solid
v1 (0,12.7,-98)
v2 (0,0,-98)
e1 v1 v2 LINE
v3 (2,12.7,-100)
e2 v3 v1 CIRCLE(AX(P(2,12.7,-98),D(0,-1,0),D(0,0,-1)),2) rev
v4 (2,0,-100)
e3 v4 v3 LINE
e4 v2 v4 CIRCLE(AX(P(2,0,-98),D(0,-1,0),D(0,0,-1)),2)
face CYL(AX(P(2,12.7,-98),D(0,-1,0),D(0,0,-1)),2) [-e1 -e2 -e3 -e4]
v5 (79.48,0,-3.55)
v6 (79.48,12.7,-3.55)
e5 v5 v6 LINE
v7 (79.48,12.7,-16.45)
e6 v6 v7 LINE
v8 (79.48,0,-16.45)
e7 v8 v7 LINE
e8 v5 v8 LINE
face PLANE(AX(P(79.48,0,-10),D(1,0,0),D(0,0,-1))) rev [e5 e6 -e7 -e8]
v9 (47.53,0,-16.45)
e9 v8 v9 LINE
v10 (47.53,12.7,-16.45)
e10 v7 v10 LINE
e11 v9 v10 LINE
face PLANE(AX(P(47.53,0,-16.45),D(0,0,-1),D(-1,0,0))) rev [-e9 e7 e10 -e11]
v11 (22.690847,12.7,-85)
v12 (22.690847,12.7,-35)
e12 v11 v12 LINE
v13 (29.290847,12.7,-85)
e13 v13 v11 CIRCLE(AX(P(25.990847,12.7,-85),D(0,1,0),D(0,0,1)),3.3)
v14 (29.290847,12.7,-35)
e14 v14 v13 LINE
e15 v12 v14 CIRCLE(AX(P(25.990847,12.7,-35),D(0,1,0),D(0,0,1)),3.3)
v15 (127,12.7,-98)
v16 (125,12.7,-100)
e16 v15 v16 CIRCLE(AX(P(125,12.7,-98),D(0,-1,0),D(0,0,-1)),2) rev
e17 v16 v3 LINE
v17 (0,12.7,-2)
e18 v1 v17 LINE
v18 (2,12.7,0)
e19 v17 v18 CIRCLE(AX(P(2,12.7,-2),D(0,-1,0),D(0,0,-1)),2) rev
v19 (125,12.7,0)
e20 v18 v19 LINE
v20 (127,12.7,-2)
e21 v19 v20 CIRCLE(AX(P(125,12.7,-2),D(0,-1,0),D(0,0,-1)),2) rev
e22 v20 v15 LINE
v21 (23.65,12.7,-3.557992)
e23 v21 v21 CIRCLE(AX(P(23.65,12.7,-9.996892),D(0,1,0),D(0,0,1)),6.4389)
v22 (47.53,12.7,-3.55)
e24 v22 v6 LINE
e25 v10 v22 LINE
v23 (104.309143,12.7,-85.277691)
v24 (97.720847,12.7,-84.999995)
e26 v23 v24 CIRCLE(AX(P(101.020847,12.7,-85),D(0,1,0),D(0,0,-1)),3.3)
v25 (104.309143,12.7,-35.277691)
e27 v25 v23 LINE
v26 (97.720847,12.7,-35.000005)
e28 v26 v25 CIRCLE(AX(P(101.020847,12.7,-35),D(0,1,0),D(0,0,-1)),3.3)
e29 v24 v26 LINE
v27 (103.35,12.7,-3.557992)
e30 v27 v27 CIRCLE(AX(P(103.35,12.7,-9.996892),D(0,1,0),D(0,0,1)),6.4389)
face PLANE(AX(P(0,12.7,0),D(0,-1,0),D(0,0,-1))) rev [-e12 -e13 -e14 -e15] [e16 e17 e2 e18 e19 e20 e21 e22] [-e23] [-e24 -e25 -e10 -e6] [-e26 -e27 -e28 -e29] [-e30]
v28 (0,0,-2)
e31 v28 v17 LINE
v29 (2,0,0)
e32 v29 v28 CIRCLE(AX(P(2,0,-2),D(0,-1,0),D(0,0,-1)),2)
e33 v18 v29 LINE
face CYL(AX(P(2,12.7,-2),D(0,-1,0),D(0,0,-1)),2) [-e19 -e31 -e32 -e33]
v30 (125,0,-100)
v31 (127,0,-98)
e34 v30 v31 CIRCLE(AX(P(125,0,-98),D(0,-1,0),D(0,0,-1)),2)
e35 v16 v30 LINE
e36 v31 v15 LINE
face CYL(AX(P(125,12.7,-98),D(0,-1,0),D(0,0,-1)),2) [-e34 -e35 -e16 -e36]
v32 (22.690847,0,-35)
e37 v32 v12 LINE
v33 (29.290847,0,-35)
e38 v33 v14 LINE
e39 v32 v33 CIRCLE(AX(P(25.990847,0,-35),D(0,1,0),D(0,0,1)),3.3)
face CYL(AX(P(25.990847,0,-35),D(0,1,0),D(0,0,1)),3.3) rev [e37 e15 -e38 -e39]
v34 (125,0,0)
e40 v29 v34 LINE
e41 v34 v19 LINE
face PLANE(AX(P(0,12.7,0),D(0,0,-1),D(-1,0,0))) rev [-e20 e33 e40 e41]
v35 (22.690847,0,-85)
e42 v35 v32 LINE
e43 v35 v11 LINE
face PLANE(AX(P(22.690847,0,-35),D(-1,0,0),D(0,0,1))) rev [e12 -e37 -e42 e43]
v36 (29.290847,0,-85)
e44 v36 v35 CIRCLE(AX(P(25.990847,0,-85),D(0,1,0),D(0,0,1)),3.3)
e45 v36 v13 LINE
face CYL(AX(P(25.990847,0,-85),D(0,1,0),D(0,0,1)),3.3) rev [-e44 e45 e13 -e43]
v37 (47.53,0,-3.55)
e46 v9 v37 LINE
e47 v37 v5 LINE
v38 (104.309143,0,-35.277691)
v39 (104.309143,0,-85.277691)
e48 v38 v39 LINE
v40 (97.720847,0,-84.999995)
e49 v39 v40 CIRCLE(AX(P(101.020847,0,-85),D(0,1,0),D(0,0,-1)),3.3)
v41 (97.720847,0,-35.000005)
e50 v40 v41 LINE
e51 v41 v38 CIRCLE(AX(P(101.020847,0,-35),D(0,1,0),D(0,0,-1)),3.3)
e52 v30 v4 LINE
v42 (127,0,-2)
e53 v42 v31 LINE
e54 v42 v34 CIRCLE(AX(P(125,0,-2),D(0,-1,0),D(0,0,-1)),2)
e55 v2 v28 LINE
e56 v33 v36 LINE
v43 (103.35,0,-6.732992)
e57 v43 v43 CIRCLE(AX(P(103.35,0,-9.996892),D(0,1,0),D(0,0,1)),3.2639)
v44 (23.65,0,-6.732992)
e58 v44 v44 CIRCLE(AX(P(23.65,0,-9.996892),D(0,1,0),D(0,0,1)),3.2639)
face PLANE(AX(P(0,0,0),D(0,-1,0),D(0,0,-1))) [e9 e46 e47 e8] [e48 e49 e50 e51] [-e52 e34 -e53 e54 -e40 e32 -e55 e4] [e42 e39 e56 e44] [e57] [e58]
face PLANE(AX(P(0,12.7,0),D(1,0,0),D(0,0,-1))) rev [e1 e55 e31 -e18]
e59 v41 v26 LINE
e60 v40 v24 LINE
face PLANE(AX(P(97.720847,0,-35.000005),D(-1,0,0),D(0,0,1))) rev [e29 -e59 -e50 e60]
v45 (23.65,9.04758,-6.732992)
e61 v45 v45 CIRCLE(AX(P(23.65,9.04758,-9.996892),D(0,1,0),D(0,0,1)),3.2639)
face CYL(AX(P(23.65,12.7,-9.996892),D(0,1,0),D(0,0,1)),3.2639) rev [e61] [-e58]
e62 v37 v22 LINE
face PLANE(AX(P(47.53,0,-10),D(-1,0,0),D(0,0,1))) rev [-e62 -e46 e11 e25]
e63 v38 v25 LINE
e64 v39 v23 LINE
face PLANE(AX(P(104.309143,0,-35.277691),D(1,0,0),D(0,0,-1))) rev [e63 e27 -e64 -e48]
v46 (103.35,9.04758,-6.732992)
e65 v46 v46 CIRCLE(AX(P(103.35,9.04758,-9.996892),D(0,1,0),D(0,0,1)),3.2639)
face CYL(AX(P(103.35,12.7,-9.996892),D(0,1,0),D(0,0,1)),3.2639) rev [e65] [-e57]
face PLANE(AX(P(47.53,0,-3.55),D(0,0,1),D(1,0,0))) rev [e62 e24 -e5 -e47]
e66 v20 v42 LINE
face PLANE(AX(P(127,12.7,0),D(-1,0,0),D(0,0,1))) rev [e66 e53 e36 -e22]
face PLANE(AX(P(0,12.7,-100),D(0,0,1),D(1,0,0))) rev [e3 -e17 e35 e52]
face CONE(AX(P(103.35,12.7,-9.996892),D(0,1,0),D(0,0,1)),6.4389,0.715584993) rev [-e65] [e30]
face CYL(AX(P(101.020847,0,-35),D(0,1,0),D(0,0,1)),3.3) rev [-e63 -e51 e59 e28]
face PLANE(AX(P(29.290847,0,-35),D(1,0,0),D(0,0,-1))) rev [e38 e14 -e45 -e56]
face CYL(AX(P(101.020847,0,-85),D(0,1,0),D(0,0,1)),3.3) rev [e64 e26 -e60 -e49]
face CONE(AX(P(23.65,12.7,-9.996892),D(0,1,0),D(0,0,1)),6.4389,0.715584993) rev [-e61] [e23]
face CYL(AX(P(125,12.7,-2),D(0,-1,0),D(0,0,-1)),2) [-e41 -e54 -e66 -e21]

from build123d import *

# Parameters (mm, degrees)
SKETCH1_W                                        = 127
SKETCH1_H                                        = 100
BOSS_EXTRUDE1_DEPTH                              = 12.7
CUT_EXTRUDE1_DEPTH                               = 12.7
CUT_EXTRUDE2_DEPTH                               = 163.142807426
FILLET1_R                                        = 2
CSK_FOR_1_4_FLAT_HEAD_MACHINE_SCREW1_D           = 6.5278
CSK_FOR_1_4_FLAT_HEAD_MACHINE_SCREW1_CSINK_D     = 12.8778
CSK_FOR_1_4_FLAT_HEAD_MACHINE_SCREW1_CSINK_ANGLE = 82


with BuildPart() as part:
    # Sketch1 → Boss-Extrude1 (new body)
    with BuildSketch(Plane(origin=(0, 0, 0), x_dir=(1, 0, 0), z_dir=(0, 1, 0))):
        with Locations((63.5, 50)):
            Rectangle(SKETCH1_W, SKETCH1_H)
    extrude(amount=BOSS_EXTRUDE1_DEPTH)

    # Sketch2 → Cut-Extrude1 (cut)
    with BuildSketch(Plane(origin=(0, 12.7, 0), x_dir=(1, 0, 0), z_dir=(0, 1, 0))):
        Polygon((47.53, 10), (47.53, 16.45), (79.48, 16.45), (79.48, 10), (79.48, 3.55), (47.53, 3.55), align=None)
    extrude(amount=-CUT_EXTRUDE1_DEPTH, mode=Mode.SUBTRACT)

    # Sketch6 → Cut-Extrude2 (cut, through all)
    with BuildSketch(Plane(origin=(0, 12.7, 0), x_dir=(1, 0, 0), z_dir=(0, 1, 0))):
        with BuildLine():
            Line((22.690847092, 35), (22.690847092, 85))
            ThreePointArc((22.690847092, 85), (25.990847092, 88.3), (29.290847092, 85))
            Line((29.290847092, 85), (29.290847092, 35))
            ThreePointArc((29.290847092, 35), (25.990847092, 31.7), (22.690847092, 35))
        make_face()
        with BuildLine():
            Line((97.720847092, 35.000004619), (97.720847092, 84.999995381))
            ThreePointArc((97.720847092, 84.999995381), (100.881876157, 88.297072501), (104.30914268, 85.2776907))
            Line((104.30914268, 85.2776907), (104.30914268, 35.2776907))
            ThreePointArc((104.30914268, 35.2776907), (101.159813412, 31.702927304), (97.720847092, 35.000004619))
        make_face()
    extrude(amount=-CUT_EXTRUDE2_DEPTH, mode=Mode.SUBTRACT)

    # Fillet1
    fillet1_edges = [part.edges().sort_by_distance(p)[0] for p in [
        (0, 6.35, -100),
        (127, 6.35, -100),
        (127, 6.35, 0),
        (0, 6.35, 0),
    ]]
    fillet(fillet1_edges, radius=FILLET1_R)

    # CSK for 1/4 Flat Head Machine Screw1 (through all)
    with Locations(Plane(origin=(23.65, 12.7, -9.996892397), x_dir=(0, 0, 1), z_dir=(0, 1, 0))):
        with Locations((0, 0), (0, 79.7)):
            CounterSinkHole(CSK_FOR_1_4_FLAT_HEAD_MACHINE_SCREW1_D / 2, CSK_FOR_1_4_FLAT_HEAD_MACHINE_SCREW1_CSINK_D / 2, counter_sink_angle=CSK_FOR_1_4_FLAT_HEAD_MACHINE_SCREW1_CSINK_ANGLE)


solid = part.part
